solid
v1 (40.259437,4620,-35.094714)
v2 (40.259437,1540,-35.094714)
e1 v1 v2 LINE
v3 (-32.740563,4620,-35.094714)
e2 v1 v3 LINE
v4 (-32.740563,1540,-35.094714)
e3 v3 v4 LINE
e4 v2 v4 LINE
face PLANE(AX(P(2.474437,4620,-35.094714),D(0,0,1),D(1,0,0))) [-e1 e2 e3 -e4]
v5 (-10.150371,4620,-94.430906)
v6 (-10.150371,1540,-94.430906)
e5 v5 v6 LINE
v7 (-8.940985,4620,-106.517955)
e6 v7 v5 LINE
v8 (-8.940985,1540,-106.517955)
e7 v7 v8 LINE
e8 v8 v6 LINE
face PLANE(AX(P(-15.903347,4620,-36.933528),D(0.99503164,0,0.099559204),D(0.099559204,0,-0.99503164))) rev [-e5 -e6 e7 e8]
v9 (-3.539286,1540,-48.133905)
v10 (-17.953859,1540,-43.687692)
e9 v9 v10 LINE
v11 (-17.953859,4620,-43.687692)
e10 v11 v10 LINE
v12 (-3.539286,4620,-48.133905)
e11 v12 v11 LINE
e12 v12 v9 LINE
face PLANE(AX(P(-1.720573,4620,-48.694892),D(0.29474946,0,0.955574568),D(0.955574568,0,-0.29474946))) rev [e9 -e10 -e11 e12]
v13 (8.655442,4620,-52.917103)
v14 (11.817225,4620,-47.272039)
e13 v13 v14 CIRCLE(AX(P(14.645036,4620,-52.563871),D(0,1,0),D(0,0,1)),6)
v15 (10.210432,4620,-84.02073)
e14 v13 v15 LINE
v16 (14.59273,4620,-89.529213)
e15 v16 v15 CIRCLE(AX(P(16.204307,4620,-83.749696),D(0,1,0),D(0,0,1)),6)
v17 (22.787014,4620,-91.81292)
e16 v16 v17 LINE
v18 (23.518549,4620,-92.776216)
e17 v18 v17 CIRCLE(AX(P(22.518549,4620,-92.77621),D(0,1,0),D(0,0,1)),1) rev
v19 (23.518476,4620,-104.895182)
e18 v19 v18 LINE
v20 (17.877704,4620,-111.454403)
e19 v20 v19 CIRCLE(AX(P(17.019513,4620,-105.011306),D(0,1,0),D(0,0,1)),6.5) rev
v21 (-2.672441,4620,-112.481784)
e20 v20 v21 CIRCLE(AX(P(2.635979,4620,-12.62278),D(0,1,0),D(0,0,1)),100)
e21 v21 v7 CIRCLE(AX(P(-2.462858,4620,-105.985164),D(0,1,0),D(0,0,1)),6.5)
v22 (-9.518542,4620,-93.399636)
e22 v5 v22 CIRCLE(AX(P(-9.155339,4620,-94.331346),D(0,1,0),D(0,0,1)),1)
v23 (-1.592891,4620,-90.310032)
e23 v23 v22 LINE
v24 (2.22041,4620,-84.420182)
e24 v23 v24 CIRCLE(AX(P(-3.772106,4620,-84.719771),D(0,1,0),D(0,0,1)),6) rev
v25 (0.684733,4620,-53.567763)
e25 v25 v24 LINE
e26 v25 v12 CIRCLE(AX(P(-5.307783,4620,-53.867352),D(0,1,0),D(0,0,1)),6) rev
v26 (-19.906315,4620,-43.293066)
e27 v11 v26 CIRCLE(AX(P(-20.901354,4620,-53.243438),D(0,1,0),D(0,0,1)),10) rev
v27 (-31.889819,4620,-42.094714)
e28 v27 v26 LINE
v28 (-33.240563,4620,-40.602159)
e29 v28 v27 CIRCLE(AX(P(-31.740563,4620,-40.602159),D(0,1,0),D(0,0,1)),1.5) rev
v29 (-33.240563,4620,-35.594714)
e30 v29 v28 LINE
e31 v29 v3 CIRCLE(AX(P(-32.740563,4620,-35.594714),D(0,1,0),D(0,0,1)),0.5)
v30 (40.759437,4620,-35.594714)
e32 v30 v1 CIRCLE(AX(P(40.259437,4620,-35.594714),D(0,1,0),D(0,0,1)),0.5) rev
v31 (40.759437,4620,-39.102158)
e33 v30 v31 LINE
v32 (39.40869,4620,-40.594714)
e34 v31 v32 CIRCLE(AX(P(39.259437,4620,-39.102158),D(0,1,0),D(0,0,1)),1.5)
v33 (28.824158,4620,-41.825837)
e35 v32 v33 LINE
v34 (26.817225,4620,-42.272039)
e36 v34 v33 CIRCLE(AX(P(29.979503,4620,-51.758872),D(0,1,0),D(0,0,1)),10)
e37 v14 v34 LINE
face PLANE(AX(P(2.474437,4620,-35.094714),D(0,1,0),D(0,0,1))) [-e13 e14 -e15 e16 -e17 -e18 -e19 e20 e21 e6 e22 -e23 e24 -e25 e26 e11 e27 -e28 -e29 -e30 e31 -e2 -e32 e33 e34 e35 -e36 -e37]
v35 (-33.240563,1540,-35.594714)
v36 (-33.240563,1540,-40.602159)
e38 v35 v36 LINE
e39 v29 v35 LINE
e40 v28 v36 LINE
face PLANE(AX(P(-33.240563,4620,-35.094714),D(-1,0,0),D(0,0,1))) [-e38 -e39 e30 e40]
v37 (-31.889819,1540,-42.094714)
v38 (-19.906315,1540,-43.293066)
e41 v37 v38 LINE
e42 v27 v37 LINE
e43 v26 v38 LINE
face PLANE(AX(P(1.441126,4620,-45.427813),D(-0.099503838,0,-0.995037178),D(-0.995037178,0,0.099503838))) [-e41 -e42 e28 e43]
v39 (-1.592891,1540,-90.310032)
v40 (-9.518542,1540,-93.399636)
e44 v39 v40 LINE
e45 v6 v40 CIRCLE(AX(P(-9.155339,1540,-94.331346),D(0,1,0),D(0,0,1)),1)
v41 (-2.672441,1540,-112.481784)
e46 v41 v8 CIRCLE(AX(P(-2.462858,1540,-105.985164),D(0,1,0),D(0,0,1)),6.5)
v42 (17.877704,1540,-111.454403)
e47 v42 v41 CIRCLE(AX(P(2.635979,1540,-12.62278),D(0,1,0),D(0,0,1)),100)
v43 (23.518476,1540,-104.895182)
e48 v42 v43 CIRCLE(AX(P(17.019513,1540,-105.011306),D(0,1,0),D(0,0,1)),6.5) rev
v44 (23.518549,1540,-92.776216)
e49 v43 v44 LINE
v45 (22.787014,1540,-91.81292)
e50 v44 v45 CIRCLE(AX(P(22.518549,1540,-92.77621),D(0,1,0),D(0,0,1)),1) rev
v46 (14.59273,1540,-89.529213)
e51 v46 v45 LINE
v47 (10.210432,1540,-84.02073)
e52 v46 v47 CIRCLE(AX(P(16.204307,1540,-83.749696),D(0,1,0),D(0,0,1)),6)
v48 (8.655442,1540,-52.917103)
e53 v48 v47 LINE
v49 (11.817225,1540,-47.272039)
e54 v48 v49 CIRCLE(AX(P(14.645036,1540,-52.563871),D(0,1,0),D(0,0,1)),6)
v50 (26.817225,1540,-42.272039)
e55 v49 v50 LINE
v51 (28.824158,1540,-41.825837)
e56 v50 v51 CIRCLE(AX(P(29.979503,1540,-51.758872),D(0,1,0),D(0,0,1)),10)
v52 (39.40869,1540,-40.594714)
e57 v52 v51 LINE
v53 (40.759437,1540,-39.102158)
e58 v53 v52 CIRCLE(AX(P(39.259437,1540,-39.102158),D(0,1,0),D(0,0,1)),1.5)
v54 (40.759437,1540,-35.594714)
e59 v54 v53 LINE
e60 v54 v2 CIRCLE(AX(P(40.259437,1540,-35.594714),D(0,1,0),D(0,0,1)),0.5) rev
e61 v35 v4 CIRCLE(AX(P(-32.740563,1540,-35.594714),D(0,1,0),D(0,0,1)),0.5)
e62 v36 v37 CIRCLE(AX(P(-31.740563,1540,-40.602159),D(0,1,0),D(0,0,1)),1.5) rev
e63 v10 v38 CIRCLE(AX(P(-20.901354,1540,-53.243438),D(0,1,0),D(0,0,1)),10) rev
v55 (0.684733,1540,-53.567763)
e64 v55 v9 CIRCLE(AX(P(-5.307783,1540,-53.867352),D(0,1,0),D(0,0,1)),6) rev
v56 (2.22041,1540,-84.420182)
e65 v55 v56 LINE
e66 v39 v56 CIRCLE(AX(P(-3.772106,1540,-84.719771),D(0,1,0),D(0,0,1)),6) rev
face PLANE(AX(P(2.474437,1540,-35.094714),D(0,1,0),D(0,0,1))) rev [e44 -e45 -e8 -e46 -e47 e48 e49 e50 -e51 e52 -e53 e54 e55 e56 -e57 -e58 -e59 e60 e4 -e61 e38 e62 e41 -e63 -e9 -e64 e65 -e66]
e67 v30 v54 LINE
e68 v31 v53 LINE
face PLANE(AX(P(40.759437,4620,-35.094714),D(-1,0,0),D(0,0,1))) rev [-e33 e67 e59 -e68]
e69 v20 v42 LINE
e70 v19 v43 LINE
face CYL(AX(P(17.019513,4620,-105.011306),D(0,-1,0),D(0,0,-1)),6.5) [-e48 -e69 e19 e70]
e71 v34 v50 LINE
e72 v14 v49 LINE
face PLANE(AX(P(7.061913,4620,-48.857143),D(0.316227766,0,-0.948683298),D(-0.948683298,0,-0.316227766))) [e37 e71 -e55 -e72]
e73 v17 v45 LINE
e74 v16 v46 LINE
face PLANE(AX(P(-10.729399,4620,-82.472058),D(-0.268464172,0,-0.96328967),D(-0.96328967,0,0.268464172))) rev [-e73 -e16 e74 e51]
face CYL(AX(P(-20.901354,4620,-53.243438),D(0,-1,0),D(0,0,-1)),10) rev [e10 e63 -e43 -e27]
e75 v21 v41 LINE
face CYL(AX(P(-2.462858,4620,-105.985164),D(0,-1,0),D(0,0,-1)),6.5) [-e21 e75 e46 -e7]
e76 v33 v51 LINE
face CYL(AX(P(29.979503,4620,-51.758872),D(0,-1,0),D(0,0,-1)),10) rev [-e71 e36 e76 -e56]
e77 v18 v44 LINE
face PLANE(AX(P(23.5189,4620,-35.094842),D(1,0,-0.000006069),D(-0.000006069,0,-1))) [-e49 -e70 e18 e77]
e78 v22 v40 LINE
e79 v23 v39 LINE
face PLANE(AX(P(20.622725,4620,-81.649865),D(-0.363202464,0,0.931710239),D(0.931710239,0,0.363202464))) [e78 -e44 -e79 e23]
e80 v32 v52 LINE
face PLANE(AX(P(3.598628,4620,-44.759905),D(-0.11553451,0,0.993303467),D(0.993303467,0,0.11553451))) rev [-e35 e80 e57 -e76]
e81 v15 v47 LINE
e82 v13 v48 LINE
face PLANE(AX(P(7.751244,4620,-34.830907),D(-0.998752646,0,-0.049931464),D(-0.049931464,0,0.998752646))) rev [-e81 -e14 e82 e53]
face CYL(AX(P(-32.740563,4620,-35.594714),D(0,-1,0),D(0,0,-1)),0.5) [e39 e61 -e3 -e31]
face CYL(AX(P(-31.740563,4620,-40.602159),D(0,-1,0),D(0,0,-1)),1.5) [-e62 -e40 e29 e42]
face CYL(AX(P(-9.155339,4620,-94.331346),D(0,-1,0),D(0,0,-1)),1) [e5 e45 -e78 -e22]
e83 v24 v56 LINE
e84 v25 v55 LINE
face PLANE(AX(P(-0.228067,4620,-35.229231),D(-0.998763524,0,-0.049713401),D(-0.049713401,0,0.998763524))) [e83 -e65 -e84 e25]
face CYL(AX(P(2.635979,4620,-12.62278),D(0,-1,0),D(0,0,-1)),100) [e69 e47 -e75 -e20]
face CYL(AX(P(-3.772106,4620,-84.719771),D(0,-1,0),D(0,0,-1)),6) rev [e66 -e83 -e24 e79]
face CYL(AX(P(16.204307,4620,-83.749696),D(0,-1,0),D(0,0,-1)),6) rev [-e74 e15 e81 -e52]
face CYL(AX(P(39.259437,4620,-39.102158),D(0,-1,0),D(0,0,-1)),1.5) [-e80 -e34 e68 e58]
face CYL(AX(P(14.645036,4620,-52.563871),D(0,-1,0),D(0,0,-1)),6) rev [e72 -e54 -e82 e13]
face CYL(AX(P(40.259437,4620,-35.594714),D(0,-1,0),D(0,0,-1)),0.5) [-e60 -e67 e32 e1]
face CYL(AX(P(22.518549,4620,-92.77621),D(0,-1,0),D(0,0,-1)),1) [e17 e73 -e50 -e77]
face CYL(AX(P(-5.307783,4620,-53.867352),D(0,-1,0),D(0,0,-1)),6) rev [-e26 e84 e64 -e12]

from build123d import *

# Parameters (mm, degrees)
BOSS_EXTRUDE1_DEPTH = 6160
SCALE1_SCALE        = 0.5


with BuildPart() as part:
    # Sketch1 → Boss-Extrude1 (new body)
    with BuildSketch(Plane(origin=(0, 0, 0), x_dir=(1, 0, 0), z_dir=(0, 1, 0))):
        with BuildLine():
            Line((76.57, 1), (76.57, 8.014887848))
            ThreePointArc((76.57, 8.014887848), (75.794355641, 10.027905976), (73.868505345, 11))
            Line((73.868505345, 11), (52.699440994, 13.462245993))
            ThreePointArc((52.699440994, 13.462245993), (50.66951347, 13.805020581), (48.685575878, 14.354649366))
            Line((48.685575878, 14.354649366), (18.685575878, 24.354649366))
            ThreePointArc((18.685575878, 24.354649366), (13.871556702, 29.074301457), (12.362010068, 35.644778262))
            Line((12.362010068, 35.644778262), (15.471988543, 97.852031369))
            ThreePointArc((15.471988543, 97.852031369), (18.068983959, 104.780820885), (24.236586355, 108.868997747))
            Line((24.236586355, 108.868997747), (40.625152803, 113.436411952))
            ThreePointArc((40.625152803, 113.436411952), (41.681001919, 114.153421136), (42.088224459, 115.363003431))
            Line((42.088224459, 115.363003431), (42.088077354, 139.600936252))
            ThreePointArc((42.088077354, 139.600936252), (38.946677156, 148.309556467), (30.806533774, 152.719378115))
            ThreePointArc((30.806533774, 152.719378115), (10.309376952, 154.806660207), (-10.293756951, 154.774138824))
            ThreePointArc((-10.293756951, 154.774138824), (-18.835211019, 151.19935214), (-22.830844668, 142.846481426))
            Line((-22.830844668, 142.846481426), (-25.249616021, 118.672382628))
            ThreePointArc((-25.249616021, 118.672382628), (-24.964931452, 117.428427653), (-23.98595767, 116.609843742))
            Line((-23.98595767, 116.609843742), (-8.134655987, 110.430635238))
            ThreePointArc((-8.134655987, 110.430635238), (-2.419976919, 105.771805576), (-0.508053801, 98.650934796))
            Line((-0.508053801, 98.650934796), (-3.579408779, 36.946097875))
            ThreePointArc((-3.579408779, 36.946097875), (-6.090257895, 30.180503672), (-12.02744702, 26.078380623))
            Line((-12.02744702, 26.078380623), (-40.856592509, 17.185955753))
            ThreePointArc((-40.856592509, 17.185955753), (-42.789347985, 16.693858065), (-44.761504941, 16.396703557))
            Line((-44.761504941, 16.396703557), (-68.728511515, 14))
            ThreePointArc((-68.728511515, 14), (-70.654357721, 13.027904294), (-71.43, 11.014888465))
            Line((-71.43, 11.014888465), (-71.43, 1))
            ThreePointArc((-71.43, 1), (-71.137106781, 0.292893219), (-70.43, 0))
            Line((-70.43, 0), (2.57, 0))
            Line((2.57, 0), (75.57, 0))
            ThreePointArc((75.57, 0), (76.277106781, 0.292893219), (76.57, 1))
        make_face()
    extrude(amount=BOSS_EXTRUDE1_DEPTH)


with BuildPart() as part_1:
    # Scale1: scaled about (4.948874478, 3080, -70.189428705)
    add(part.part.scale(SCALE1_SCALE).moved(Location((2.474437239, 1540, -35.094714352))))


solid = part_1.part
